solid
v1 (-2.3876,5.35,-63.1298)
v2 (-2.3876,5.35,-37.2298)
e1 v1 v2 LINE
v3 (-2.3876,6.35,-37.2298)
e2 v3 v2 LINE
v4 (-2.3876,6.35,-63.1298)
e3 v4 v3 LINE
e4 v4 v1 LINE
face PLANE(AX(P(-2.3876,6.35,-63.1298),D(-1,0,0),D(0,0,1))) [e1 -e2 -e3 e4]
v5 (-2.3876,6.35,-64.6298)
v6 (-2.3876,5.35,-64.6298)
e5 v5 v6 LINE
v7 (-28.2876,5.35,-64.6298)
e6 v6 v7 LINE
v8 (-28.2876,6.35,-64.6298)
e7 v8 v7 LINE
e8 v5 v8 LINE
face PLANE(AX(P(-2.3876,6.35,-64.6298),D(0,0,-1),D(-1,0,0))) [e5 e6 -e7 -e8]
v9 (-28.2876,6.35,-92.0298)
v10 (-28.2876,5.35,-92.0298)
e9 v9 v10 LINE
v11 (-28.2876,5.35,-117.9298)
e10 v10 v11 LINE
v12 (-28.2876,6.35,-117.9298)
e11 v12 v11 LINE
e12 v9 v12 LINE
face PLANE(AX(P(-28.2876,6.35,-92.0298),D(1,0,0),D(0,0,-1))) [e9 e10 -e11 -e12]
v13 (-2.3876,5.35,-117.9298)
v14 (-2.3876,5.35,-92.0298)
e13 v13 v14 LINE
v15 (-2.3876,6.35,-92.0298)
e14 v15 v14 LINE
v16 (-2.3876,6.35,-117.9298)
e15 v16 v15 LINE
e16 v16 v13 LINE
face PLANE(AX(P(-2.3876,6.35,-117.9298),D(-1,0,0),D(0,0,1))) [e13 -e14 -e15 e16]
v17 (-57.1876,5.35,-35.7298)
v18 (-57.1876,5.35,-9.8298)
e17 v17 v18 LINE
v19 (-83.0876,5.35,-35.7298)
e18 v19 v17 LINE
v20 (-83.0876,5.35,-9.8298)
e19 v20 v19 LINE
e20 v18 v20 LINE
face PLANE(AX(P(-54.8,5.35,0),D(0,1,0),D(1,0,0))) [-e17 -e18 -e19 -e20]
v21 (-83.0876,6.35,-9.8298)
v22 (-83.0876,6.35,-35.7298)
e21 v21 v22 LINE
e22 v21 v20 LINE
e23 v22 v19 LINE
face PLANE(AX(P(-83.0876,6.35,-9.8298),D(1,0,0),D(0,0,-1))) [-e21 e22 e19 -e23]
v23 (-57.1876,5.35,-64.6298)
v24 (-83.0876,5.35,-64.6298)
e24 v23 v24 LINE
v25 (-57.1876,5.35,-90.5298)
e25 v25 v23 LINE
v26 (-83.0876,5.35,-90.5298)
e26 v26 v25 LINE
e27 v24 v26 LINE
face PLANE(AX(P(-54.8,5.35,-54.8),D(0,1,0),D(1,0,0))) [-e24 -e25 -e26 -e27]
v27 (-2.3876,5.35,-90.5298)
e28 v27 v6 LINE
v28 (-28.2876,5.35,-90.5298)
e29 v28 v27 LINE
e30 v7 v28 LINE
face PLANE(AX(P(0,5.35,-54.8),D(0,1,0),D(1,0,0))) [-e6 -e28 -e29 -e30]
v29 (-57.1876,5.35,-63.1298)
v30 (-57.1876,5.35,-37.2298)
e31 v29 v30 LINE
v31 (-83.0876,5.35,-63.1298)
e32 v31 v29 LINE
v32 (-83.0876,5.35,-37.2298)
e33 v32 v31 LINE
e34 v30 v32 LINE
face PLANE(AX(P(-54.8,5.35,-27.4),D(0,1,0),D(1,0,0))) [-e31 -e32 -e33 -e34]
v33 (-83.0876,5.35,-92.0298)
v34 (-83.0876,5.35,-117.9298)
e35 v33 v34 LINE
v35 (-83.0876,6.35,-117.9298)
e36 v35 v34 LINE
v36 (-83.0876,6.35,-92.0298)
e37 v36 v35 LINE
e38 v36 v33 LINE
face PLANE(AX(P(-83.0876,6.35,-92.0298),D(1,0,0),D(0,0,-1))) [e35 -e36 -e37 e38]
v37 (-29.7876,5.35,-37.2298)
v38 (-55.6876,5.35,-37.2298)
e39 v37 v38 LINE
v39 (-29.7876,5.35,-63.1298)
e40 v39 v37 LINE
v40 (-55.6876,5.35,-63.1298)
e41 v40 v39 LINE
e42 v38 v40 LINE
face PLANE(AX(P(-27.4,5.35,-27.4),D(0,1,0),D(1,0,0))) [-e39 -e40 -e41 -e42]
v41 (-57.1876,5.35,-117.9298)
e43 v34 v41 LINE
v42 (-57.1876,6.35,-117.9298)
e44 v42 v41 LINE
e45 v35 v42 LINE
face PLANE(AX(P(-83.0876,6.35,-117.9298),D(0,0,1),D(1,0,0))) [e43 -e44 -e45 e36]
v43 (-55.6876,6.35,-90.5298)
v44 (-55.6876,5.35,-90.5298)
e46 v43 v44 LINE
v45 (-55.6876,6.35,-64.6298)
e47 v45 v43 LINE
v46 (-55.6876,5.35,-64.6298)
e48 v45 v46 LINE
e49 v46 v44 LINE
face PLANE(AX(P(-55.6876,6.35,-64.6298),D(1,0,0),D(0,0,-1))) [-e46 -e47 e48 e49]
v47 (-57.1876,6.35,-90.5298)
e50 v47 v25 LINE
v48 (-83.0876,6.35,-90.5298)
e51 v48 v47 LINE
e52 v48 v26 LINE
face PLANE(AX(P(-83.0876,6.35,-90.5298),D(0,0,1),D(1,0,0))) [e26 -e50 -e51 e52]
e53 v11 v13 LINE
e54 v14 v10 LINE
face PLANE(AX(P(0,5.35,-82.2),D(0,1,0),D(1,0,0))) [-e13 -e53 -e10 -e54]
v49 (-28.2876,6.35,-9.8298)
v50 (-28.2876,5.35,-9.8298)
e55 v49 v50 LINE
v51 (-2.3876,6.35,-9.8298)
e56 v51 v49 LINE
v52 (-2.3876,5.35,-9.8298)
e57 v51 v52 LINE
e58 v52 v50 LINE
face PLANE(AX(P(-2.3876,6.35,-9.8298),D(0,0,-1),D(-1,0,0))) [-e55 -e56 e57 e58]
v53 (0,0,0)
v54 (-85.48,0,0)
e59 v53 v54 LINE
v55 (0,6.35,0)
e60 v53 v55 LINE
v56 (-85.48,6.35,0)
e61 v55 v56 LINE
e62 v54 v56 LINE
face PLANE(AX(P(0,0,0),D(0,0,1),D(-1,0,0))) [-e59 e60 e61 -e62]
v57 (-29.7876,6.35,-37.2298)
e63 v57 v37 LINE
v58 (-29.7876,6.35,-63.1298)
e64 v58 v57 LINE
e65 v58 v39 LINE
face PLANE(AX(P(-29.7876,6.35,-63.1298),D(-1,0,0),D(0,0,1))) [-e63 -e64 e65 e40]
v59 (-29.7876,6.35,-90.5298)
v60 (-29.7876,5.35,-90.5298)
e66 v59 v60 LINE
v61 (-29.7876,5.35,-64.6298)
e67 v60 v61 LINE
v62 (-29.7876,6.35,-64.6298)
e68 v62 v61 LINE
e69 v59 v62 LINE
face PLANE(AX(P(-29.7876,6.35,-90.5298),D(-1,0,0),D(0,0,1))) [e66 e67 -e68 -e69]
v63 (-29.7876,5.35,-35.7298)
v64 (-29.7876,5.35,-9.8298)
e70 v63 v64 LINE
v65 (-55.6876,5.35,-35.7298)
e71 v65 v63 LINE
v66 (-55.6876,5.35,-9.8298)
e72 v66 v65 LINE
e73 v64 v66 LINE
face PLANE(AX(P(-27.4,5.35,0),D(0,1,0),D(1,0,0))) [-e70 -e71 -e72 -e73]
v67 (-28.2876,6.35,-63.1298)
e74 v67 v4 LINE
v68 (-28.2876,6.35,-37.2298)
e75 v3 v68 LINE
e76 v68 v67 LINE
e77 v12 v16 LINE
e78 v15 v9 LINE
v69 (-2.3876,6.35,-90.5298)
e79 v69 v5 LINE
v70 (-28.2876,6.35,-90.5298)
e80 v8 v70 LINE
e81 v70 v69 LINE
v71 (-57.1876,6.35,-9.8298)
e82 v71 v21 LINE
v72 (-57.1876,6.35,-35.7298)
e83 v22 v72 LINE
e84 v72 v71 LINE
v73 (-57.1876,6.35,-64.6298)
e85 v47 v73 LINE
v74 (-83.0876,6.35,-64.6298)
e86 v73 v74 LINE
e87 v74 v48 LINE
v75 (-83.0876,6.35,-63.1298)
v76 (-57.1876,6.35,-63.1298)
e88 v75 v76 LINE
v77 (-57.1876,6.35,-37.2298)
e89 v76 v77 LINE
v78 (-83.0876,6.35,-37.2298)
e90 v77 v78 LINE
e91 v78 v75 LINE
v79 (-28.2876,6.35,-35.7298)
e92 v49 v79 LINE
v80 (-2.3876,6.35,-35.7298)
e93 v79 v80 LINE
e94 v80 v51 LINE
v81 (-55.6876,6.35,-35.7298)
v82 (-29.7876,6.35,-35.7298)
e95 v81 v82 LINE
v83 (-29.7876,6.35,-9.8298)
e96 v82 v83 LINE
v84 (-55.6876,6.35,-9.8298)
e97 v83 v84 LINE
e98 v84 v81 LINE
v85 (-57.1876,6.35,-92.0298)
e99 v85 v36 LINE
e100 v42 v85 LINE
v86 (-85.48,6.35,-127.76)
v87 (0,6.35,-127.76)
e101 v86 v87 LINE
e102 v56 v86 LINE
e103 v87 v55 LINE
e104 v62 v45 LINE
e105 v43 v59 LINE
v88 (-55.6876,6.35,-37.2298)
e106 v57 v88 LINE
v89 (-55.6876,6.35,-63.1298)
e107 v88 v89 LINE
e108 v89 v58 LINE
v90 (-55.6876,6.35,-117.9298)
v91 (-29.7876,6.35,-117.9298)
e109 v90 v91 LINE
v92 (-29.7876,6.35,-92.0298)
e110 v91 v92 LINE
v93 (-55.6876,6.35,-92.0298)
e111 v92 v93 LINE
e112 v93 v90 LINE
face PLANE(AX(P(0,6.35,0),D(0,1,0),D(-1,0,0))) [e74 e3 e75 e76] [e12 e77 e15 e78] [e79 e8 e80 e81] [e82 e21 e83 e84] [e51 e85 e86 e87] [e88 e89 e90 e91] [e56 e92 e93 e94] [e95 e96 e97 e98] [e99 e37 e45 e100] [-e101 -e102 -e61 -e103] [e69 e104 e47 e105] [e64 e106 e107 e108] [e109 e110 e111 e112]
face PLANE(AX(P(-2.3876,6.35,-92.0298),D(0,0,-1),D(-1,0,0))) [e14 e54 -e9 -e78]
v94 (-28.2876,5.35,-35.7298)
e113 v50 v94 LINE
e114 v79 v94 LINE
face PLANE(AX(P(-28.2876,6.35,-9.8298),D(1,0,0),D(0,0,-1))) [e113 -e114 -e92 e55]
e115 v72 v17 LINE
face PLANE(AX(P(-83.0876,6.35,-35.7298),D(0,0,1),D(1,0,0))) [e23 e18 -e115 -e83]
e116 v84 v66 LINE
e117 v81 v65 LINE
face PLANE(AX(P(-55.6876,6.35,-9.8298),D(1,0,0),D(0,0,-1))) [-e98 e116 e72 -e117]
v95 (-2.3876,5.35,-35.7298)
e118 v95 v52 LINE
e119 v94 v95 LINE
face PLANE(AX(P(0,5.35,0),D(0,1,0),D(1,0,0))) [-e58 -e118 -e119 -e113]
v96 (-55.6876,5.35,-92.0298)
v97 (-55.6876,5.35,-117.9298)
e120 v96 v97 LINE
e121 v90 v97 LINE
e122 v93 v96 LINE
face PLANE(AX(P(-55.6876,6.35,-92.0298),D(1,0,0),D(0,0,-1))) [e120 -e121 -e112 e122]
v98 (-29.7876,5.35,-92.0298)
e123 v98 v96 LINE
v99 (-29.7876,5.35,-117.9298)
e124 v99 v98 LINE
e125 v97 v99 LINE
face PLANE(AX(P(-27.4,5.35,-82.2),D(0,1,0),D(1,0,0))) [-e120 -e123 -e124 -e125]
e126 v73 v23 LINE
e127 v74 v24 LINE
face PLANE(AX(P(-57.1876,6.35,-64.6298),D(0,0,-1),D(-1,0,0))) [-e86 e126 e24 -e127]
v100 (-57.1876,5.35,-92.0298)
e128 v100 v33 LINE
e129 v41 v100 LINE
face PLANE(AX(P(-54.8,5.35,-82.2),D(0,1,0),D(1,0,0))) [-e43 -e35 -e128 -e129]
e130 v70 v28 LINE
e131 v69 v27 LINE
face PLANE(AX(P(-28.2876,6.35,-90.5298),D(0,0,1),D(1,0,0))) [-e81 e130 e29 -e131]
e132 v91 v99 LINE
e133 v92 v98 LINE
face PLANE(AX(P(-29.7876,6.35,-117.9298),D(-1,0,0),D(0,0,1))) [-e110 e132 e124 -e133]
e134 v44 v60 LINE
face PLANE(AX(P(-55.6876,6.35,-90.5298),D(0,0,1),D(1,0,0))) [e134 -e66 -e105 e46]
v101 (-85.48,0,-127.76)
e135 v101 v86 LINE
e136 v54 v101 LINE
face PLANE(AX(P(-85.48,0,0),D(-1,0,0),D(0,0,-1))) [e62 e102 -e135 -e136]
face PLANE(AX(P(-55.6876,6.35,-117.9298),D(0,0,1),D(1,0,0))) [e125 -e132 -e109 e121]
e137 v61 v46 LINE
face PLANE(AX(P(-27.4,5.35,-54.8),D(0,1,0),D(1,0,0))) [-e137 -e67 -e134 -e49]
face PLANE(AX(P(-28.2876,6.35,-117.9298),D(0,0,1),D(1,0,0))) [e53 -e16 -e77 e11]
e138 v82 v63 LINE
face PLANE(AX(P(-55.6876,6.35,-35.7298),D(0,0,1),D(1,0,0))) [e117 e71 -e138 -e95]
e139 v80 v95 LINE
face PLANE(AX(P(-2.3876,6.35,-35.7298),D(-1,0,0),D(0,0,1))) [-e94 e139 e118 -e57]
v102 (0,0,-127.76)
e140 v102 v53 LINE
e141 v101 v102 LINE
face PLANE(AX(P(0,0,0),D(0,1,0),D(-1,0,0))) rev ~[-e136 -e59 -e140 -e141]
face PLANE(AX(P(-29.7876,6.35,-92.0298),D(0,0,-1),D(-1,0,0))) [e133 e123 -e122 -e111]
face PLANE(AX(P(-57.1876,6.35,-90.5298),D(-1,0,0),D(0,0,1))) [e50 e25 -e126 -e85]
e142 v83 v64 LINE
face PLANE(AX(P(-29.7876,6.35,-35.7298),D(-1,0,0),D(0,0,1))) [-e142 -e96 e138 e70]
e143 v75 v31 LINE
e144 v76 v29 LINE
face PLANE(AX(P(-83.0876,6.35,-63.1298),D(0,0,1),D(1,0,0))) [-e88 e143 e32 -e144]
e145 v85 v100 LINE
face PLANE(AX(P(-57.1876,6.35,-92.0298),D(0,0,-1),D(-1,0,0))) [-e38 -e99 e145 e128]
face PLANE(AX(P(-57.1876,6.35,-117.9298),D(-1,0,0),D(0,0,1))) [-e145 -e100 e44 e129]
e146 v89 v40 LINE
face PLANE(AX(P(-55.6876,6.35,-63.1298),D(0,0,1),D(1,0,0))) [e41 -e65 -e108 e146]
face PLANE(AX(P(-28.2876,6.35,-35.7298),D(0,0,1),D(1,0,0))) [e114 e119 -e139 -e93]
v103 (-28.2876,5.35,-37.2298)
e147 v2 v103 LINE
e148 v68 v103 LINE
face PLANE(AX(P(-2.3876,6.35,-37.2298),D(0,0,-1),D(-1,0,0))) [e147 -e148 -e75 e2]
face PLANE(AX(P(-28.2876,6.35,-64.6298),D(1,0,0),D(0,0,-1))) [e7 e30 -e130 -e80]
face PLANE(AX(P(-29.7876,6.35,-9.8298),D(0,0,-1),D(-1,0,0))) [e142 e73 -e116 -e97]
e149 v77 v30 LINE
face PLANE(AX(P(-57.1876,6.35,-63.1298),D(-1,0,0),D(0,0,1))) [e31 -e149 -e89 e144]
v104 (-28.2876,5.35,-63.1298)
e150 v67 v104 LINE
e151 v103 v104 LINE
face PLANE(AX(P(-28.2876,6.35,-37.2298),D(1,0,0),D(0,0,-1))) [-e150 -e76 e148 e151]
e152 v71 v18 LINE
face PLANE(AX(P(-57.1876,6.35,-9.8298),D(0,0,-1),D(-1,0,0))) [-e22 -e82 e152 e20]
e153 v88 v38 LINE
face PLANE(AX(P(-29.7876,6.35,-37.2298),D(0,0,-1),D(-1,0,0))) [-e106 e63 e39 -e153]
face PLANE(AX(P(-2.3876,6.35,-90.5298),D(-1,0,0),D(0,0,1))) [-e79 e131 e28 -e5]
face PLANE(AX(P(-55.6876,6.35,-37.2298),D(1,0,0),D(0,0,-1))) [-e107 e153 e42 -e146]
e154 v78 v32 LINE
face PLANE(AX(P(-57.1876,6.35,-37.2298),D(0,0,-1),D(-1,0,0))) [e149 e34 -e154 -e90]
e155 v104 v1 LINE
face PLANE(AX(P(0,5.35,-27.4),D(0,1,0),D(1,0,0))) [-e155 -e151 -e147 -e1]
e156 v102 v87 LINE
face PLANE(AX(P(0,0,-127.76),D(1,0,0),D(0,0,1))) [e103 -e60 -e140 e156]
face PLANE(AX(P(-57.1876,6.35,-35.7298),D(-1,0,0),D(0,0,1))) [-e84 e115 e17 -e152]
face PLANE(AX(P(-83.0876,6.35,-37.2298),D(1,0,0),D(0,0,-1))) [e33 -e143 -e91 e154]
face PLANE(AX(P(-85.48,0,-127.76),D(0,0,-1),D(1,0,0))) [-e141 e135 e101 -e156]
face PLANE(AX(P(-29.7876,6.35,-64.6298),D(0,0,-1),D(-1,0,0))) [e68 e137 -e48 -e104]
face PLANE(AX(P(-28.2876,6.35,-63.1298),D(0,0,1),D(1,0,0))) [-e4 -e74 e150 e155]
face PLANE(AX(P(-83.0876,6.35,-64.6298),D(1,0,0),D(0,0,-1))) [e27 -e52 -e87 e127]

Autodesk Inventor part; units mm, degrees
ref_plane "YZ Plane" through (0, 0, 0) normal (1, 0, 0) x (0, 1, 0)
ref_plane "XZ Plane" through (0, 0, 0) normal (0, 1, 0) x (-1, 0, 0)
ref_plane "XY Plane" through (0, 0, 0) normal (0, 0, 1) x (1, 0, 0)
sketch "Sketch1" plane through (0, 0, 0) normal (0, 1, 0) x (-1, 0, 0)
  line L0 (0, 0) -> (85.48, 0)
  line L1 (85.48, 0) -> (85.48, -127.76)
  line L2 (85.48, -127.76) -> (0, -127.76)
  line L3 (0, -127.76) -> (0, 0)
  line L4 (0, 0) -> (7.0711, -7.0711)
  line L5 (0, 0) -> (10, 0) construction
  circle A0 centre (7.0711, -7.0711) radius 4.7625
  dimension "d0" = 85.48
  dimension "d1" = 127.76
  dimension "offsetDiag" = 10
  dimension "d3" = 45
  dimension "d4" = 9.525
extrude "Extrusion1" add sketch "Sketch1" along normal blind 6.35 contours L0 L1 L2 L3 | A0
sketch "Sketch3" plane through (0, 6.35, 0) normal (0, 1, 0) x (1, 0, 0)
  line L0 (0, 0) -> (0, 127.76) projected
  line L1 (0, 0) -> (-2.3876, 0)
  line L2 (-2.3876, 0) -> (-2.3876, 9.8298)
  line L3 (-2.3876, 9.8298) -> (0, 9.8298)
  line L4 (0, 9.8298) -> (0, 0)
  line L5 (-2.3876, 9.8298) -> (-28.2876, 9.8298)
  line L6 (-28.2876, 9.8298) -> (-28.2876, 35.7298)
  line L7 (-28.2876, 35.7298) -> (-2.3876, 35.7298)
  line L8 (-2.3876, 35.7298) -> (-2.3876, 9.8298)
  line L9 (-28.2876, 35.7298) -> (-29.2876, 35.7298)
  line L10 (-29.2876, 35.7298) -> (-29.2876, 36.7298)
  line L11 (-29.2876, 36.7298) -> (-28.2876, 36.7298)
  line L12 (-28.2876, 36.7298) -> (-28.2876, 35.7298)
  dimension "d23" = 2.3876
  dimension "d24" = 9.8298
  dimension "d25" = 25.9
  dimension "d26" = 25.9
  dimension "d27" = 1
  dimension "d28" = 1
extrude "Extrusion2" cut sketch "Sketch3" against normal blind 1 contours L5 L6 L7 L8
pattern_linear "Rectangular Pattern2" count 3 spacing 27.4 along (-1, 0, 0) count 4 spacing 27.4 along (0, 0, -1) of "Extrusion2"
properties part number "inch substrate rack"
